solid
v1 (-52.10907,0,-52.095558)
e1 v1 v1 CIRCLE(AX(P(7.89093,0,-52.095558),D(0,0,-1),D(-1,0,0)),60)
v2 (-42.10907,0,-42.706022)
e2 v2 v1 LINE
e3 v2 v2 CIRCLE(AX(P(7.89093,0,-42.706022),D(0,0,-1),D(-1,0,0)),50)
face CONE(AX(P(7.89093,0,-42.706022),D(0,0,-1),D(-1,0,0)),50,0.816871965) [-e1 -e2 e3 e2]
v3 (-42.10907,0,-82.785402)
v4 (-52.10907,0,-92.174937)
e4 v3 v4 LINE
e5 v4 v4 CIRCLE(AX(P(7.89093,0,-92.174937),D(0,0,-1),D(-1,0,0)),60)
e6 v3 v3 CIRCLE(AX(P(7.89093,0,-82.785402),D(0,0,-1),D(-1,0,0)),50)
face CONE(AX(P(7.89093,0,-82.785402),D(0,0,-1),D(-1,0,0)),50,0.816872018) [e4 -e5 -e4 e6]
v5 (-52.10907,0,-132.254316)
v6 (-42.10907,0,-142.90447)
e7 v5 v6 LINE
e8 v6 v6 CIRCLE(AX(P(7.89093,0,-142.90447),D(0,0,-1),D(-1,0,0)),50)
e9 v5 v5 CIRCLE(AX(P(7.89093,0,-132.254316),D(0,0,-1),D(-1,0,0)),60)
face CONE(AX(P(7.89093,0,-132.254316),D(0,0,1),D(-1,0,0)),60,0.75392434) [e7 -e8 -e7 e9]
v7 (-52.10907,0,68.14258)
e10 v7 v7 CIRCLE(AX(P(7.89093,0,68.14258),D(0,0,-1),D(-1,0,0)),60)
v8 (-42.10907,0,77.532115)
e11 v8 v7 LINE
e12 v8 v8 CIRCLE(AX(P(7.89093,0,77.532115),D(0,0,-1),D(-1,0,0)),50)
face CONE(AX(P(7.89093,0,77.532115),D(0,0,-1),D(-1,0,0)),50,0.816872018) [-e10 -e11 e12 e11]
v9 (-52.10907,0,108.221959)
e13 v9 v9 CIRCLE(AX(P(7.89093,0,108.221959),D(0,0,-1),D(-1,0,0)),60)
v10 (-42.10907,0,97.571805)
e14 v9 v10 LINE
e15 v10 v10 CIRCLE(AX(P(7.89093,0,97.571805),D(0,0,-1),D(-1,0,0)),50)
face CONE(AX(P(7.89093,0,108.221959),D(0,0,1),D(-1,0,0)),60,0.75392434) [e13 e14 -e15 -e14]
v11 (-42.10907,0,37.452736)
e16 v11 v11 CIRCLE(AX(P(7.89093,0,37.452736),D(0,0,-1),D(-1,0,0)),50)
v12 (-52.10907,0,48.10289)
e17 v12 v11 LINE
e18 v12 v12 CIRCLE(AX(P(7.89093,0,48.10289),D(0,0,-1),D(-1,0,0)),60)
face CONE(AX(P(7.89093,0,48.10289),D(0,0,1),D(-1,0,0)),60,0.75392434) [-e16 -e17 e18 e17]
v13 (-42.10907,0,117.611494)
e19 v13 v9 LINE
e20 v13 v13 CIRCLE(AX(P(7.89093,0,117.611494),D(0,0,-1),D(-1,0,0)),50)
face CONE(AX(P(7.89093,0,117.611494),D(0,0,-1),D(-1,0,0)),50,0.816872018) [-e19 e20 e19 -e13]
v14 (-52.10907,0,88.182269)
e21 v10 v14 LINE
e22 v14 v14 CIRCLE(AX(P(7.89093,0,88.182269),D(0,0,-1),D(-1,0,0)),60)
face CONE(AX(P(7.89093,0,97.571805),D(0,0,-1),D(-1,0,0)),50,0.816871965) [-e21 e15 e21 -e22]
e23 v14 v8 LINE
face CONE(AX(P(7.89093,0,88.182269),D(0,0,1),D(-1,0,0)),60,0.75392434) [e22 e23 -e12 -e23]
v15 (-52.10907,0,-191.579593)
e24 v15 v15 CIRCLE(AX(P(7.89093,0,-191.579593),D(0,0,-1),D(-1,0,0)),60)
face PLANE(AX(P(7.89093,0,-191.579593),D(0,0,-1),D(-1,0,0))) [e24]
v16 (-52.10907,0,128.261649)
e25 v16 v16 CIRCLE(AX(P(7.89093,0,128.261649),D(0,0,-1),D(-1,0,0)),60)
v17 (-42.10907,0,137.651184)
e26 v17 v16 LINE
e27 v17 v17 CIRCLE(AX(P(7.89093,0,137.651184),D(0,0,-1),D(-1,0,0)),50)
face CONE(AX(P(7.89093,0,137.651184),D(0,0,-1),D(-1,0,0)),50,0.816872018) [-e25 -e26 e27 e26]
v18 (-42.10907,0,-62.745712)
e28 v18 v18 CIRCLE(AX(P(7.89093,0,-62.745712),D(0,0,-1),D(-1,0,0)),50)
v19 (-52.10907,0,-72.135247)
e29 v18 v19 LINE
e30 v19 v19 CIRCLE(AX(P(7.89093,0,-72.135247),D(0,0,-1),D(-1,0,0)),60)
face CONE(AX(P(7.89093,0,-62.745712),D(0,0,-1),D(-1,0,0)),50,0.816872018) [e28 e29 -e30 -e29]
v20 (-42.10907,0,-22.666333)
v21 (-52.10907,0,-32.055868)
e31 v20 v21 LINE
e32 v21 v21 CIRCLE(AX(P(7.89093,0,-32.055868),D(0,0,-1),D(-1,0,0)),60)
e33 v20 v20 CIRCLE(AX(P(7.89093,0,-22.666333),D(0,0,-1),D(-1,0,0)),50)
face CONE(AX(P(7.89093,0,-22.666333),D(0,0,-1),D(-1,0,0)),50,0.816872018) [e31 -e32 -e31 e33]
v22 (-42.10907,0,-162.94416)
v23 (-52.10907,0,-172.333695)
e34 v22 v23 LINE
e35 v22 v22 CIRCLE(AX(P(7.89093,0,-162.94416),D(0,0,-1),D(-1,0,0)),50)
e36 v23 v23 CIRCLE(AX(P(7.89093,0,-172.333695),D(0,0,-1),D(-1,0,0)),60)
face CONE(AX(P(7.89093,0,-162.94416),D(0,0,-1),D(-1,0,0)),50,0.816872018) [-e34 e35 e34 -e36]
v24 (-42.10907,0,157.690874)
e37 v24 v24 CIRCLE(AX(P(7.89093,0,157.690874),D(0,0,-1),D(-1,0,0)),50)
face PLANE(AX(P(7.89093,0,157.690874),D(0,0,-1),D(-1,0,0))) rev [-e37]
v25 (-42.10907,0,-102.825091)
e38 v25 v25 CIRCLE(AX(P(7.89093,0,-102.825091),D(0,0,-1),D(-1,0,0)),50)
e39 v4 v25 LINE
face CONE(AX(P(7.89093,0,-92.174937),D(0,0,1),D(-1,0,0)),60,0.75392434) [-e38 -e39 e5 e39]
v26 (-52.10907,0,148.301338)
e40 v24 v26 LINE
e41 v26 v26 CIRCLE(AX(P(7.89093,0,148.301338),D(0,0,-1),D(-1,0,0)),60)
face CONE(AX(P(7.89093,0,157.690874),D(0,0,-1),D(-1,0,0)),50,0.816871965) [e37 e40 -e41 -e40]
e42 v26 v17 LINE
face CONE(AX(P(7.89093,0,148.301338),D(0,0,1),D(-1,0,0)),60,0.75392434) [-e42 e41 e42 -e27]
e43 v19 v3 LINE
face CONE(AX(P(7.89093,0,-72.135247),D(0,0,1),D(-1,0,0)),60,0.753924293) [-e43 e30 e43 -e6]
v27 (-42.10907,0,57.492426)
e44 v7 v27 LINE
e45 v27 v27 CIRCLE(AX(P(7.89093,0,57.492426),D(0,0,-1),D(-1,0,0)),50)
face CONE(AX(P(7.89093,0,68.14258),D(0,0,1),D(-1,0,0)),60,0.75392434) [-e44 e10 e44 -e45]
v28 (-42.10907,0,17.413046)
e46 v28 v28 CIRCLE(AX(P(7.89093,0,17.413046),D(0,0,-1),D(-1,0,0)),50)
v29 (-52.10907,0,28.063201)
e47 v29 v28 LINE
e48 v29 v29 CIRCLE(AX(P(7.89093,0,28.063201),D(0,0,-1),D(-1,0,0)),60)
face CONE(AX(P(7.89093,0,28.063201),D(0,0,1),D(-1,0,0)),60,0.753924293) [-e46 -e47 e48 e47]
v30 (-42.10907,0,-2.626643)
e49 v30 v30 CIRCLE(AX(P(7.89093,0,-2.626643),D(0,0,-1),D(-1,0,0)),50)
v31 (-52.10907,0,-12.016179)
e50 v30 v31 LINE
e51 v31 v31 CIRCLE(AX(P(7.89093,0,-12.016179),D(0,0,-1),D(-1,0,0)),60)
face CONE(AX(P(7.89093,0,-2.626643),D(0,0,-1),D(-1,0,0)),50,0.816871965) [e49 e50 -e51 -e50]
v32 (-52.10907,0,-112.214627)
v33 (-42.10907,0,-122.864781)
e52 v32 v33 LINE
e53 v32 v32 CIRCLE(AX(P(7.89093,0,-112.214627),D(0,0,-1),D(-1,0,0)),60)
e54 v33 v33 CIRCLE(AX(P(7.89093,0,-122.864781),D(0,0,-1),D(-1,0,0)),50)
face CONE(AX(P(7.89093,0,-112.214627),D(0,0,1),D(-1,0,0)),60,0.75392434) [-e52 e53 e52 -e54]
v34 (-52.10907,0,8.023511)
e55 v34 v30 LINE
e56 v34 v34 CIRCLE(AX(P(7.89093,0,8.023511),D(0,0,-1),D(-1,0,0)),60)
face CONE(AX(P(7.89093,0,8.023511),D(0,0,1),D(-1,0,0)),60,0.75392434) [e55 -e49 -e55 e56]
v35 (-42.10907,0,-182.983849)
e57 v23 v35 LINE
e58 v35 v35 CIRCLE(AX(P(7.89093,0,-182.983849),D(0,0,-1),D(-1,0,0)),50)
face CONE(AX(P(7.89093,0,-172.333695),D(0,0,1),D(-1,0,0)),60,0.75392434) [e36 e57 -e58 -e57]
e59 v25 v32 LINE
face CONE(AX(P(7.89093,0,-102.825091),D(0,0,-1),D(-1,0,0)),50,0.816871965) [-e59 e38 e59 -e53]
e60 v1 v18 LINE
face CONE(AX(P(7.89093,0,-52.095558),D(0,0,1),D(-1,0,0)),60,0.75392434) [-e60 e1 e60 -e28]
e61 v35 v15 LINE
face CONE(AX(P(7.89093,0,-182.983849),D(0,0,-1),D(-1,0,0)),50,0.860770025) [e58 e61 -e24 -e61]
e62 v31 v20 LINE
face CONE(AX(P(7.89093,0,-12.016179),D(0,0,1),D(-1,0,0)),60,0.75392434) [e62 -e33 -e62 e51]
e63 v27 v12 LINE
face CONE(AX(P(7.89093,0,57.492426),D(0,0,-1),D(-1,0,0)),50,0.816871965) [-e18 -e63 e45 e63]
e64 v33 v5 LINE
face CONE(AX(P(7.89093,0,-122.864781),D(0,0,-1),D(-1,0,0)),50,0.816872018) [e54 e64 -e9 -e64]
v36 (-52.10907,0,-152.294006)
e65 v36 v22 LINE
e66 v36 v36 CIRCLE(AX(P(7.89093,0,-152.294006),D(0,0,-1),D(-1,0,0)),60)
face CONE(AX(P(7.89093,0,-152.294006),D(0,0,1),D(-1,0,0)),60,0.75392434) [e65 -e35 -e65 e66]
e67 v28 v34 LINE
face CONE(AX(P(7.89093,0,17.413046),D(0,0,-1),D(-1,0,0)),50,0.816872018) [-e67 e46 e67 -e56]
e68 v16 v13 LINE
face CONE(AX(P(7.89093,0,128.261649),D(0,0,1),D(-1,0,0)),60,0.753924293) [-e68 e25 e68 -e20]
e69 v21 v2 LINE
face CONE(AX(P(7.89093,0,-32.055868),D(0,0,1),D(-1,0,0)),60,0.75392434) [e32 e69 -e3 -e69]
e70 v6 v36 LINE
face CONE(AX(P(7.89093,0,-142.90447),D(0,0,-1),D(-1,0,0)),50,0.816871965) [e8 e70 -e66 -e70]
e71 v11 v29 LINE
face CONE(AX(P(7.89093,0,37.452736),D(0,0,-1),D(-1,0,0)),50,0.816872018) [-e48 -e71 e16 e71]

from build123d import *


with BuildPart() as f1:
    # F0 (on Front) → F1 (revolve)
    with BuildSketch(Plane.XZ):
        Polygon((7.89093, 157.690874), (-42.10907, 157.690874), (-52.10907, 148.301338), (-42.10907, 137.651184), (-52.10907, 128.261649), (-42.10907, 117.611494), (-52.10907, 108.221959), (-42.10907, 97.571805), (-52.10907, 88.182269), (-42.10907, 77.532115), (-52.10907, 68.14258), (-42.10907, 57.492426), (-52.10907, 48.10289), (-42.10907, 37.452736), (-52.10907, 28.063201), (-42.10907, 17.413046), (-52.10907, 8.023511), (-42.10907, -2.626643), (-52.10907, -12.016179), (-42.10907, -22.666333), (-52.10907, -32.055868), (-42.10907, -42.706022), (-52.10907, -52.095558), (-42.10907, -62.745712), (-52.10907, -72.135247), (-42.10907, -82.785402), (-52.10907, -92.174937), (-42.10907, -102.825091), (-52.10907, -112.214627), (-42.10907, -122.864781), (-52.10907, -132.254316), (-42.10907, -142.90447), (-52.10907, -152.294006), (-42.10907, -162.94416), (-52.10907, -172.333695), (-42.10907, -182.983849), (-52.10907, -191.579593), (7.89093, -191.579593), align=None)
    revolve(axis=Axis((7.89093, 0, -16.94436), (0, 0, -1)))


solid = f1.part
